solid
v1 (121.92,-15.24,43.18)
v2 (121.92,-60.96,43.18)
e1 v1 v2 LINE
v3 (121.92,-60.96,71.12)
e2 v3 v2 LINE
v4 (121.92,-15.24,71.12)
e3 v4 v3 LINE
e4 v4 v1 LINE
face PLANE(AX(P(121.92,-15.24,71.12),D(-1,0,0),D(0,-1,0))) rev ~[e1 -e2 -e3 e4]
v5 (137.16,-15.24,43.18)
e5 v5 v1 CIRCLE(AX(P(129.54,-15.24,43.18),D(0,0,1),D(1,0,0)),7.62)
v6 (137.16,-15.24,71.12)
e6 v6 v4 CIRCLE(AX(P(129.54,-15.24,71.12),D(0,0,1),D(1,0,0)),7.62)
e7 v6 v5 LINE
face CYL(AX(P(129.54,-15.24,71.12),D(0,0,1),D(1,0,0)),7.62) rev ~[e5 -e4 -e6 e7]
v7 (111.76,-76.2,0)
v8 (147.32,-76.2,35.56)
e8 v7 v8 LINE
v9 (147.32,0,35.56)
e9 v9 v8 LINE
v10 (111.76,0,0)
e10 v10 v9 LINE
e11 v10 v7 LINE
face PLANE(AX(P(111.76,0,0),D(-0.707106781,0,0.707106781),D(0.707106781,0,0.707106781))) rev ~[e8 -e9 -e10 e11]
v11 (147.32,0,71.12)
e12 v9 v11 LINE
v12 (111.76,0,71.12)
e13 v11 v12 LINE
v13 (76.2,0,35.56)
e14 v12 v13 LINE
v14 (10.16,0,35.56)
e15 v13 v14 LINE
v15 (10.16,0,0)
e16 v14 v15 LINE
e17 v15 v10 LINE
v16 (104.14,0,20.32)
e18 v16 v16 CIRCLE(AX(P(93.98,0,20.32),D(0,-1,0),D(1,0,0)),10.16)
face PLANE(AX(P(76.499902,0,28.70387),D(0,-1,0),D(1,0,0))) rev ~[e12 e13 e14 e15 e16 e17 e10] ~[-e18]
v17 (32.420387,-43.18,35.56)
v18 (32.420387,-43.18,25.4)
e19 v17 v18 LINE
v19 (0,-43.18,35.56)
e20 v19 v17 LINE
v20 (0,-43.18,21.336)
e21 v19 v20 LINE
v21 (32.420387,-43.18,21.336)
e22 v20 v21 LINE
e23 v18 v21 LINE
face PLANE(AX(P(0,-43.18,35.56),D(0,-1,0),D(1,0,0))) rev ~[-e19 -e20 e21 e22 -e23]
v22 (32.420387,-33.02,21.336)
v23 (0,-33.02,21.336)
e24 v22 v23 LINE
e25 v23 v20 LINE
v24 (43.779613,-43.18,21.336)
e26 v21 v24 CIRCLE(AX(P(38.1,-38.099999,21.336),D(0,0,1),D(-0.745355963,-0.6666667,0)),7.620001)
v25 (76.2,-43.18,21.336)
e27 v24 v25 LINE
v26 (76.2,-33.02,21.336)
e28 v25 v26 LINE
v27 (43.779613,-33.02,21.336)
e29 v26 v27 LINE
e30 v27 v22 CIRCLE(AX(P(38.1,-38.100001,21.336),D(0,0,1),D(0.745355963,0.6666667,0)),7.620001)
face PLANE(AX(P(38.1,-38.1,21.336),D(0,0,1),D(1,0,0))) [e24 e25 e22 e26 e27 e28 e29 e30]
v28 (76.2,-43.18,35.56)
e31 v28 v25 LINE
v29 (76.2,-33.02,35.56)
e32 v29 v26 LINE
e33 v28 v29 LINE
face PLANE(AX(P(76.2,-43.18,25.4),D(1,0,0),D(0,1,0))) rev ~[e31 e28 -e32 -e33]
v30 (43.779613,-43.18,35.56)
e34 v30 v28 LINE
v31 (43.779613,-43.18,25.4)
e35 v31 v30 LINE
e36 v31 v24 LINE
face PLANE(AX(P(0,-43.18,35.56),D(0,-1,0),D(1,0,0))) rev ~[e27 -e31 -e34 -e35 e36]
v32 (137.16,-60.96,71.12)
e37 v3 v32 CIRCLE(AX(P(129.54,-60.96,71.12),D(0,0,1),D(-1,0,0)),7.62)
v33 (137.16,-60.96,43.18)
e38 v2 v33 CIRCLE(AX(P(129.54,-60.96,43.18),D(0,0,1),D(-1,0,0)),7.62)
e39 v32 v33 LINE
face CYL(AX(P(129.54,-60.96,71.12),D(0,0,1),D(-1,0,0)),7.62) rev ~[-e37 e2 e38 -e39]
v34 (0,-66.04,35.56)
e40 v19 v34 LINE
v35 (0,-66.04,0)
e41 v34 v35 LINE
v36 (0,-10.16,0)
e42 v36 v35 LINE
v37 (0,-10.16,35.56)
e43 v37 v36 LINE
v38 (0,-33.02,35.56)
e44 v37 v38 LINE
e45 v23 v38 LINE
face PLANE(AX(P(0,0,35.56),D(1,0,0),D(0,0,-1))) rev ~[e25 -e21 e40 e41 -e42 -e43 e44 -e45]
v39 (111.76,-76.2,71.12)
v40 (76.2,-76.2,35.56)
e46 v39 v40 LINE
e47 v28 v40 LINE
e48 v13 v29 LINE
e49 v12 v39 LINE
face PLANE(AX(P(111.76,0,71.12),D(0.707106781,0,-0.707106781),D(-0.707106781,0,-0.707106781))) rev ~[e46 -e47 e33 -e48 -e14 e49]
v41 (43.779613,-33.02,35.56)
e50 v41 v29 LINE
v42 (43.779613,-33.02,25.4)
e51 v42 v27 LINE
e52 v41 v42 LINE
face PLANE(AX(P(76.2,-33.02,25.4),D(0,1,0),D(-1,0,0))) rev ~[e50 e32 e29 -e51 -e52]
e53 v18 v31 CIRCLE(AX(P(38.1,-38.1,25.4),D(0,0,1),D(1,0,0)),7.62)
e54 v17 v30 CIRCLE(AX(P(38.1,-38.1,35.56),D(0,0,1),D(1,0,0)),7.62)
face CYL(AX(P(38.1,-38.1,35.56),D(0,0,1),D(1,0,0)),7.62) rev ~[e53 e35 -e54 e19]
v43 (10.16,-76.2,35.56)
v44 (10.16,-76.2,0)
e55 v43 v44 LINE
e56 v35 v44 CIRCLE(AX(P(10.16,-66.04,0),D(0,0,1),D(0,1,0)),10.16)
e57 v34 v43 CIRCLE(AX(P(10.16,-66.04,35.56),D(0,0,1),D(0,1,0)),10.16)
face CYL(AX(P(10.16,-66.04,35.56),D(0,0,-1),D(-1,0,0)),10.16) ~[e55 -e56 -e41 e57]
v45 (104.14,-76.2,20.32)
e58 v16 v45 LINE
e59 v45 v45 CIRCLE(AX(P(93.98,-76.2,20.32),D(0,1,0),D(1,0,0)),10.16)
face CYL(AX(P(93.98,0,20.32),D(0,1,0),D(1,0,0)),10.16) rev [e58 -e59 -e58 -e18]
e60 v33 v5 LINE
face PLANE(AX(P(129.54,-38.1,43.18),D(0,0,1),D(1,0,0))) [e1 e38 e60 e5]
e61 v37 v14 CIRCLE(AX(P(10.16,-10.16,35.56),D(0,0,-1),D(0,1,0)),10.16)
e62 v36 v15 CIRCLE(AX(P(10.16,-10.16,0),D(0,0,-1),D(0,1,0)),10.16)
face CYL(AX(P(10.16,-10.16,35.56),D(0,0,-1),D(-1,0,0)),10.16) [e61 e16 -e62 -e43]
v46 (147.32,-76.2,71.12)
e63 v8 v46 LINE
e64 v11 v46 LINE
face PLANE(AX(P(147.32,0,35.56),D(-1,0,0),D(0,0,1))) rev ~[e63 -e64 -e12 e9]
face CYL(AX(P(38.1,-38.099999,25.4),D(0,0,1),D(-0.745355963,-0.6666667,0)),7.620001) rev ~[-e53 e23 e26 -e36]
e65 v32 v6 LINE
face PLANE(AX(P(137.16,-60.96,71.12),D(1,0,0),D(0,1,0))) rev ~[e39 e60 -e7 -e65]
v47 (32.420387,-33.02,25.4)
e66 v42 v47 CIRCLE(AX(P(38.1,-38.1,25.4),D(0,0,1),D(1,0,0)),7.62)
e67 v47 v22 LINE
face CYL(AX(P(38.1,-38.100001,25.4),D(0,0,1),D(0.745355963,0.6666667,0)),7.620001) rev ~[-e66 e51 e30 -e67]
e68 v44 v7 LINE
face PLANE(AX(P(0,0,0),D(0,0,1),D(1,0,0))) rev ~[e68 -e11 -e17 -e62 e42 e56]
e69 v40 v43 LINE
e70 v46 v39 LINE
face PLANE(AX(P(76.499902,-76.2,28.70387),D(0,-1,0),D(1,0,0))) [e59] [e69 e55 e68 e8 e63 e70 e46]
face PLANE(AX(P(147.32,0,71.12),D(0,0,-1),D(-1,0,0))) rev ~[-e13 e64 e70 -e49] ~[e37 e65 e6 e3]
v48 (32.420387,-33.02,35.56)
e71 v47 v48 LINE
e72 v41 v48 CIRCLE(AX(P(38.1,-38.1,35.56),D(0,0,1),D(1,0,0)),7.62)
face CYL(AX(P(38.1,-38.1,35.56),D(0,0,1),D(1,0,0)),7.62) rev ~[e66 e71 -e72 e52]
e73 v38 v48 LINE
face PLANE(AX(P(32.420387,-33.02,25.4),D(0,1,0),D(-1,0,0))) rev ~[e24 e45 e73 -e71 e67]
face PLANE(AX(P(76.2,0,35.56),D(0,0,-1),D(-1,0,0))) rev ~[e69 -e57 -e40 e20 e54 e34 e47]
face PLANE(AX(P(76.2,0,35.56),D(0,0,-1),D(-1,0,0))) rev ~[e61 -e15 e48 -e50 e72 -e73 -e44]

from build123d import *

# Parameters (mm, degrees)
F1_DEPTH  = 76.2
F2_R      = 10.16
F3_R      = 10.16
F4_DEPTH  = 76.201
F6_DEPTH  = 27.94
F7_W      = 76.2
F7_H      = 10.16
F8_DEPTH  = 10.16
F9_R      = 7.62
F9_R_2    = 3.175
F10_DEPTH = 10.16
F11_DEPTH = 4.064


with BuildPart() as f1:
    # F0 (on Front) → F1 (new body)
    with BuildSketch(Plane.XZ):
        Polygon((0, 35.56), (0, 0), (111.76, 0), (147.32, 35.56), (147.32, 71.12), (111.76, 71.12), (76.2, 35.56), align=None)
    extrude(amount=F1_DEPTH)

    # F2
    f2_edges = [f1.edges().sort_by_distance(p)[0] for p in [
        (0, -76.2, 17.78),
        (0, 0, 17.78),
    ]]
    fillet(f2_edges, radius=F2_R)

    # F3 (on face) → F4 (cut, through all)
    with BuildSketch(Plane.XZ):
        with Locations((93.98, 20.32)):
            Circle(F3_R)
    extrude(amount=F4_DEPTH, mode=Mode.SUBTRACT)

    # F5 (on face) → F6 (cut)
    with BuildSketch(Plane.XY.offset(71.12)):
        with BuildLine():
            ThreePointArc((137.16, -15.24), (129.54, -7.62), (121.92, -15.24))
            Line((121.92, -15.24), (121.92, -60.96))
            ThreePointArc((121.92, -60.96), (129.54, -68.58), (137.16, -60.96))
            Line((137.16, -60.96), (137.16, -15.24))
        make_face()
    extrude(amount=-F6_DEPTH, mode=Mode.SUBTRACT)

    # F7 (on face) → F8 (cut)
    with BuildSketch(Plane.XY.offset(35.56)):
        with Locations((38.1, -38.1)):
            Rectangle(F7_W, F7_H)
    extrude(amount=-F8_DEPTH, mode=Mode.SUBTRACT)

    # F9 (on face) → F10 (cut)
    with BuildSketch(Plane.XY.offset(35.56)):
        with Locations((38.1, -38.1)):
            Circle(F9_R)
        with Locations((38.1, -38.1)):
            Circle(F9_R_2, mode=Mode.SUBTRACT)
    extrude(amount=-F10_DEPTH, mode=Mode.SUBTRACT)

    # F9 (on face) + F10_face (on face) → F11 (cut)
    with BuildSketch(Plane.XY.offset(35.56)):
        with Locations((38.1, -38.1)):
            Circle(F9_R)
        with Locations((38.1, -38.1)):
            Circle(F9_R_2, mode=Mode.SUBTRACT)
    with BuildSketch(Plane(origin=(38.1, -38.1, 25.4), x_dir=(1, 0, 0), z_dir=(0, 0, 1))):
        with BuildLine():
            Line((-38.1, -5.08), (-5.679613, -5.08))
            ThreePointArc((-5.679613, -5.08), (0, -7.62), (5.679613, -5.08))
            Line((5.679613, -5.08), (38.1, -5.08))
            Line((38.1, -5.08), (38.1, 5.08))
            Line((38.1, 5.08), (5.679613, 5.08))
            ThreePointArc((5.679613, 5.08), (0, 7.62), (-5.679613, 5.08))
            Line((-5.679613, 5.08), (-38.1, 5.08))
            Line((-38.1, 5.08), (-38.1, -5.08))
        make_face()
    extrude(amount=-F11_DEPTH, mode=Mode.SUBTRACT)


solid = f1.part
